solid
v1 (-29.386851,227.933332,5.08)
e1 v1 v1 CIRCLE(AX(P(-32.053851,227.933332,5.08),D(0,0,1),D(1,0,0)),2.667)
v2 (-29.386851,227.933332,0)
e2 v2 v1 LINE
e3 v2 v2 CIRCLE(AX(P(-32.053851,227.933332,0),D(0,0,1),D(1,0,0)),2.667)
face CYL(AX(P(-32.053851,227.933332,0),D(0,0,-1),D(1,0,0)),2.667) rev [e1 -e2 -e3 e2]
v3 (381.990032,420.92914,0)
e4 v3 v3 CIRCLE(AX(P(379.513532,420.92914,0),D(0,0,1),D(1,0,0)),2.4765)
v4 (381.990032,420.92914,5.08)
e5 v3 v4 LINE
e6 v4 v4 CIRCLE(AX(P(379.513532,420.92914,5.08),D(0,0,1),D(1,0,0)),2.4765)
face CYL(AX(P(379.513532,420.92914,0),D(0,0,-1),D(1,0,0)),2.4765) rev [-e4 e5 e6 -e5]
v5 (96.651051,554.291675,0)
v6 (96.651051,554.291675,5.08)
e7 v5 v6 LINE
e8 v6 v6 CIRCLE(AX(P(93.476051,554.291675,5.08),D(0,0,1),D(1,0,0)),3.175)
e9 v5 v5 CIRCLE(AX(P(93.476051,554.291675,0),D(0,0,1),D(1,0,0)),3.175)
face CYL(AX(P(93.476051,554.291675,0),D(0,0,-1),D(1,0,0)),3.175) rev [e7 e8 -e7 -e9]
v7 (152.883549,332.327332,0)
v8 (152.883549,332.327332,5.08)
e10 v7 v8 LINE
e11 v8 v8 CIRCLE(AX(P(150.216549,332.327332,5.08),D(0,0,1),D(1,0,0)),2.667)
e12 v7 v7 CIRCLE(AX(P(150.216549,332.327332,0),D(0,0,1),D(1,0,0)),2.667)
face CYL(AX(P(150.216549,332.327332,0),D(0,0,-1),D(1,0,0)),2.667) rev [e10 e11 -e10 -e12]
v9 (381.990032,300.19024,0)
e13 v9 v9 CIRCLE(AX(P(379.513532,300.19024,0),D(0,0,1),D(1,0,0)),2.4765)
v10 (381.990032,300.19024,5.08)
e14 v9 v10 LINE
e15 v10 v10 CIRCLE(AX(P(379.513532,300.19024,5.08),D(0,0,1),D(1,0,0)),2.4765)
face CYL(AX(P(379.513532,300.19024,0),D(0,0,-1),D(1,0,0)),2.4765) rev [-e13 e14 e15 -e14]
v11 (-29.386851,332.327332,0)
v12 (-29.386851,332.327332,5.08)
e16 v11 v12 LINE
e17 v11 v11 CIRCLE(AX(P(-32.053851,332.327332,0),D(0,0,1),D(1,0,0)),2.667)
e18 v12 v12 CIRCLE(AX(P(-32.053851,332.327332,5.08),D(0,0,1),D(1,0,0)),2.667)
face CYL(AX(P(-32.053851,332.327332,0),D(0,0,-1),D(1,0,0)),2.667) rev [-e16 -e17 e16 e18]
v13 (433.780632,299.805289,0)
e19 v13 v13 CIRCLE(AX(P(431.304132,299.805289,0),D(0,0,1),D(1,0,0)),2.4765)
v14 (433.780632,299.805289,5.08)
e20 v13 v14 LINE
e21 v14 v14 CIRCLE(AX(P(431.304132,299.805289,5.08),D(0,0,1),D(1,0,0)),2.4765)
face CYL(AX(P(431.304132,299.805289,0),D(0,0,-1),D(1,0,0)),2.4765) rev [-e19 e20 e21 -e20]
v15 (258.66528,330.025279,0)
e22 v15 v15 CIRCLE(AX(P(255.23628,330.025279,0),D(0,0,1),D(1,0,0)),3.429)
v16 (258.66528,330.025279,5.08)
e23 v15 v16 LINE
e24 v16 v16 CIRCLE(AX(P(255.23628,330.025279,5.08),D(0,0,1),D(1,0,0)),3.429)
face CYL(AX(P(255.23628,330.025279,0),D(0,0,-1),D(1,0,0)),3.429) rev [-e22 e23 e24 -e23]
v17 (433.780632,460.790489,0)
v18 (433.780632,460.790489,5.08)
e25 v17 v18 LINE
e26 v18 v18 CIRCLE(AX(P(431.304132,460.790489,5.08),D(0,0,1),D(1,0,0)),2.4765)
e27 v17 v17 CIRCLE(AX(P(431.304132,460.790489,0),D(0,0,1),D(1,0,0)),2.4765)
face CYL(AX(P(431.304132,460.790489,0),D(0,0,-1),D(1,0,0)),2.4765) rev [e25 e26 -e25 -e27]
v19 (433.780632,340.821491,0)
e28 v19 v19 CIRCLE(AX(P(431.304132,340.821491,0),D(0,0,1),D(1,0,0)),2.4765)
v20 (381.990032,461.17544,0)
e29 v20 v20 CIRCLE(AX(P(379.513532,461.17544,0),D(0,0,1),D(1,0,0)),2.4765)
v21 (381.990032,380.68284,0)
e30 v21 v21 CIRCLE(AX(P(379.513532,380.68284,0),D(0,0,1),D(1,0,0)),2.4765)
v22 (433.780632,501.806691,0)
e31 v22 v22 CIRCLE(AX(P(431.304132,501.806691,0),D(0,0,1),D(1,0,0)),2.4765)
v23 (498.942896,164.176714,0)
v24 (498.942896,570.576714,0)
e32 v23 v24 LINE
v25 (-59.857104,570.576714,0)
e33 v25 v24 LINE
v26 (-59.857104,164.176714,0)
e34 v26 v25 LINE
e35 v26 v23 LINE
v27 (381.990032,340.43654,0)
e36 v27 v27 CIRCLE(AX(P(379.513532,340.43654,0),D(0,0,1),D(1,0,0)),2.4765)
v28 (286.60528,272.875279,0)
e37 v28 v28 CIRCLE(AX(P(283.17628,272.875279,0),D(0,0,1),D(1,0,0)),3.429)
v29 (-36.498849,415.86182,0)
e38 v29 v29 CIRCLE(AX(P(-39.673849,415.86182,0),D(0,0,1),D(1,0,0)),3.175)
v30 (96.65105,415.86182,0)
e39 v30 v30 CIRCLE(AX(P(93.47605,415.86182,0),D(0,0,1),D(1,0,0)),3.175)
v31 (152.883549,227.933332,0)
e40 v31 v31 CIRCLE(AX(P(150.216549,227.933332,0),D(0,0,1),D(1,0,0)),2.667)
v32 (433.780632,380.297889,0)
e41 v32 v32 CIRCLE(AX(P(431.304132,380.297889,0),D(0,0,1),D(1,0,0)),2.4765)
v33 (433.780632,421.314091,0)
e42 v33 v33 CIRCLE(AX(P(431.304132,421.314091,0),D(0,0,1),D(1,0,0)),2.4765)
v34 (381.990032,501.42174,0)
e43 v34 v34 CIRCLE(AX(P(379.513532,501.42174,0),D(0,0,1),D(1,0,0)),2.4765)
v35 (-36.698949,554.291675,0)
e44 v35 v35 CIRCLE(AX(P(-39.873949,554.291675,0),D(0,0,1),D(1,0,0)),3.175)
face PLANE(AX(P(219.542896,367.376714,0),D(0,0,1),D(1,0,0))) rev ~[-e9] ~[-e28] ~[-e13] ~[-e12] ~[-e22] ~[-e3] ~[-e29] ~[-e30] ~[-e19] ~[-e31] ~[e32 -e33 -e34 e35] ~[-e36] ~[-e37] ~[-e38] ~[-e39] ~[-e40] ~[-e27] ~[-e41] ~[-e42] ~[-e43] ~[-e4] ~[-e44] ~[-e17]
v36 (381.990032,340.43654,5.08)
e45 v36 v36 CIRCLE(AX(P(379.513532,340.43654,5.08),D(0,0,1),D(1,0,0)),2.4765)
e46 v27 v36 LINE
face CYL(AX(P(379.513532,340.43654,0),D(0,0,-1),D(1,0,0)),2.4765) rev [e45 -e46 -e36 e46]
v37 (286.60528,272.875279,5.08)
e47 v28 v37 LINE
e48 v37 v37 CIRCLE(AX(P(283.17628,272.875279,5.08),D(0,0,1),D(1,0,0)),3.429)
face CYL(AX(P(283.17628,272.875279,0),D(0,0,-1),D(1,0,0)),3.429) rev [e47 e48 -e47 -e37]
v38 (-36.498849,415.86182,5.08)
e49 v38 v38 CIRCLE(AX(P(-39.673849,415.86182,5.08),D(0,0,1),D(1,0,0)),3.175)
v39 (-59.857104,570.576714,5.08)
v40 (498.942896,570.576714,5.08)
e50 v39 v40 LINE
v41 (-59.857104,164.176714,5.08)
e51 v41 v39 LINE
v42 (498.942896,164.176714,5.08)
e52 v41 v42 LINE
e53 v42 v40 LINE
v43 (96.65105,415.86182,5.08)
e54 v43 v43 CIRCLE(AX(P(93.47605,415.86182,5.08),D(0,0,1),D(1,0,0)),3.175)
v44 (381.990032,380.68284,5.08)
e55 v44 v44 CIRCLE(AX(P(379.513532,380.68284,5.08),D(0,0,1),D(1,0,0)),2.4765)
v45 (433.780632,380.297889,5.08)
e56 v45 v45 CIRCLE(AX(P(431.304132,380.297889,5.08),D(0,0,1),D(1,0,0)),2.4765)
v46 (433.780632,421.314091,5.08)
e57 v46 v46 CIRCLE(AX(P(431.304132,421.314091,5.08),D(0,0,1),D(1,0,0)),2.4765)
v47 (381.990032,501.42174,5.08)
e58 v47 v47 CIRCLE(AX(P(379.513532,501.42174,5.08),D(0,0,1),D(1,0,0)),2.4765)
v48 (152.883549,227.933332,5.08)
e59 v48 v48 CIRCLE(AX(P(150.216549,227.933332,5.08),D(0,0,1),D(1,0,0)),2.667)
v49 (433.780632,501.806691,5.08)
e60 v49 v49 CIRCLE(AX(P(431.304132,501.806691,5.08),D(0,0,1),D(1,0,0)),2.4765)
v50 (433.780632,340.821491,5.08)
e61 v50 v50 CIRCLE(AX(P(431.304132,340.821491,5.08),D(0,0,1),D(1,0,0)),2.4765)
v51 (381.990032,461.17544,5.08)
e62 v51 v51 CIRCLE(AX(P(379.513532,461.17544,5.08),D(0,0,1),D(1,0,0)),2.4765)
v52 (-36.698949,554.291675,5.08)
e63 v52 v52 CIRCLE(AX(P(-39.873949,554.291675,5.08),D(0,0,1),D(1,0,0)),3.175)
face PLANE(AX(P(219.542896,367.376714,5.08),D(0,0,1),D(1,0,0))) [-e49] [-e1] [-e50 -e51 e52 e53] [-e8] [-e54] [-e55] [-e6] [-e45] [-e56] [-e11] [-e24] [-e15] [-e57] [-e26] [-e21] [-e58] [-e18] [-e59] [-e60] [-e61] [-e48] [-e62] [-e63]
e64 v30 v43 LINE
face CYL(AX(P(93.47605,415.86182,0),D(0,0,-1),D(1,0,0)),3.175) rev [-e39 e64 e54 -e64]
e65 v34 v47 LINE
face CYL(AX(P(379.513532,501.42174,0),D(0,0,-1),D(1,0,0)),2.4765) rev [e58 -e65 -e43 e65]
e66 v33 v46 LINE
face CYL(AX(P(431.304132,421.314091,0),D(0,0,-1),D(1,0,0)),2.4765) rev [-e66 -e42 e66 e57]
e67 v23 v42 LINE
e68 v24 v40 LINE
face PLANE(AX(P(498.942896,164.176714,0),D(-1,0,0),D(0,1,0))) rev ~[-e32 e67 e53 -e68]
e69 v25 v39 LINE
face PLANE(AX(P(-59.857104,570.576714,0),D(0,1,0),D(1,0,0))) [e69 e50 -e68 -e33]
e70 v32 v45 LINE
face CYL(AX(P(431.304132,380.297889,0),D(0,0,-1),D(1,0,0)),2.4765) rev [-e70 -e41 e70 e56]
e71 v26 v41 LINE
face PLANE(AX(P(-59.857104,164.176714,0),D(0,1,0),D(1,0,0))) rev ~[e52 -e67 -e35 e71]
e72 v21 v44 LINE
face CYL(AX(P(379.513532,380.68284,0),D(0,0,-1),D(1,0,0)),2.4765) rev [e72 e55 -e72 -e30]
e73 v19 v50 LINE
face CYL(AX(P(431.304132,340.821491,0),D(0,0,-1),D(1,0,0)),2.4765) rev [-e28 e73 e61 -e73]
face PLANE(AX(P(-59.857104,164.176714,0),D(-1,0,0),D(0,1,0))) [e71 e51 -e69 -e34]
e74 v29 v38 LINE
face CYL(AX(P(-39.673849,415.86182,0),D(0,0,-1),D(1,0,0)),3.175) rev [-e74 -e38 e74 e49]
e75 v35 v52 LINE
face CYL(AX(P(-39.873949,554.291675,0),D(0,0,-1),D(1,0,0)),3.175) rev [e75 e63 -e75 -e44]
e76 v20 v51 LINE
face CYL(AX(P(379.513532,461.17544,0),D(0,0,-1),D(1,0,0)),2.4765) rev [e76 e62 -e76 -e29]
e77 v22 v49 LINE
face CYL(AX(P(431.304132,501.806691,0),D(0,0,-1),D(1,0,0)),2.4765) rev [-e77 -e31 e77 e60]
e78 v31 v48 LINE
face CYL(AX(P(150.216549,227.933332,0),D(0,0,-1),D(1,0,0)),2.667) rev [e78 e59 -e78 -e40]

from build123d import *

# Parameters (mm, degrees)
F0_W     = 558.8
F0_H     = 406.4
F0_R     = 2.667
F0_R_2   = 3.429
F0_R_3   = 2.4765
F0_R_4   = 3.175
F1_DEPTH = 5.08


with BuildPart() as f1:
    # F0 (on Top) → F1 (new body)
    with BuildSketch(Plane.XY):
        with Locations((219.542896, 367.376714)):
            Rectangle(F0_W, F0_H)
        with Locations((-32.053851, 227.933332)):
            Circle(F0_R, mode=Mode.SUBTRACT)
        with Locations((150.216549, 227.933332)):
            Circle(F0_R, mode=Mode.SUBTRACT)
        with Locations((-32.053851, 332.327332)):
            Circle(F0_R, mode=Mode.SUBTRACT)
        with Locations((150.216549, 332.327332)):
            Circle(F0_R, mode=Mode.SUBTRACT)
        with Locations((283.17628, 272.875279)):
            Circle(F0_R_2, mode=Mode.SUBTRACT)
        with Locations((255.23628, 330.025279)):
            Circle(F0_R_2, mode=Mode.SUBTRACT)
        with Locations((379.513532, 300.19024)):
            Circle(F0_R_3, mode=Mode.SUBTRACT)
        with Locations((431.304132, 299.805289)):
            Circle(F0_R_3, mode=Mode.SUBTRACT)
        with Locations((379.513532, 340.43654)):
            Circle(F0_R_3, mode=Mode.SUBTRACT)
        with Locations((431.304132, 340.821491)):
            Circle(F0_R_3, mode=Mode.SUBTRACT)
        with Locations((-39.673849, 415.86182)):
            Circle(F0_R_4, mode=Mode.SUBTRACT)
        with Locations((93.47605, 415.86182)):
            Circle(F0_R_4, mode=Mode.SUBTRACT)
        with Locations((-39.873949, 554.291675)):
            Circle(F0_R_4, mode=Mode.SUBTRACT)
        with Locations((93.476051, 554.291675)):
            Circle(F0_R_4, mode=Mode.SUBTRACT)
        with Locations((379.513532, 380.68284)):
            Circle(F0_R_3, mode=Mode.SUBTRACT)
        with Locations((431.304132, 380.297889)):
            Circle(F0_R_3, mode=Mode.SUBTRACT)
        with Locations((379.513532, 420.92914)):
            Circle(F0_R_3, mode=Mode.SUBTRACT)
        with Locations((379.513532, 461.17544)):
            Circle(F0_R_3, mode=Mode.SUBTRACT)
        with Locations((431.304132, 421.314091)):
            Circle(F0_R_3, mode=Mode.SUBTRACT)
        with Locations((431.304132, 460.790489)):
            Circle(F0_R_3, mode=Mode.SUBTRACT)
        with Locations((379.513532, 501.42174)):
            Circle(F0_R_3, mode=Mode.SUBTRACT)
        with Locations((431.304132, 501.806691)):
            Circle(F0_R_3, mode=Mode.SUBTRACT)
    extrude(amount=F1_DEPTH)


solid = f1.part
